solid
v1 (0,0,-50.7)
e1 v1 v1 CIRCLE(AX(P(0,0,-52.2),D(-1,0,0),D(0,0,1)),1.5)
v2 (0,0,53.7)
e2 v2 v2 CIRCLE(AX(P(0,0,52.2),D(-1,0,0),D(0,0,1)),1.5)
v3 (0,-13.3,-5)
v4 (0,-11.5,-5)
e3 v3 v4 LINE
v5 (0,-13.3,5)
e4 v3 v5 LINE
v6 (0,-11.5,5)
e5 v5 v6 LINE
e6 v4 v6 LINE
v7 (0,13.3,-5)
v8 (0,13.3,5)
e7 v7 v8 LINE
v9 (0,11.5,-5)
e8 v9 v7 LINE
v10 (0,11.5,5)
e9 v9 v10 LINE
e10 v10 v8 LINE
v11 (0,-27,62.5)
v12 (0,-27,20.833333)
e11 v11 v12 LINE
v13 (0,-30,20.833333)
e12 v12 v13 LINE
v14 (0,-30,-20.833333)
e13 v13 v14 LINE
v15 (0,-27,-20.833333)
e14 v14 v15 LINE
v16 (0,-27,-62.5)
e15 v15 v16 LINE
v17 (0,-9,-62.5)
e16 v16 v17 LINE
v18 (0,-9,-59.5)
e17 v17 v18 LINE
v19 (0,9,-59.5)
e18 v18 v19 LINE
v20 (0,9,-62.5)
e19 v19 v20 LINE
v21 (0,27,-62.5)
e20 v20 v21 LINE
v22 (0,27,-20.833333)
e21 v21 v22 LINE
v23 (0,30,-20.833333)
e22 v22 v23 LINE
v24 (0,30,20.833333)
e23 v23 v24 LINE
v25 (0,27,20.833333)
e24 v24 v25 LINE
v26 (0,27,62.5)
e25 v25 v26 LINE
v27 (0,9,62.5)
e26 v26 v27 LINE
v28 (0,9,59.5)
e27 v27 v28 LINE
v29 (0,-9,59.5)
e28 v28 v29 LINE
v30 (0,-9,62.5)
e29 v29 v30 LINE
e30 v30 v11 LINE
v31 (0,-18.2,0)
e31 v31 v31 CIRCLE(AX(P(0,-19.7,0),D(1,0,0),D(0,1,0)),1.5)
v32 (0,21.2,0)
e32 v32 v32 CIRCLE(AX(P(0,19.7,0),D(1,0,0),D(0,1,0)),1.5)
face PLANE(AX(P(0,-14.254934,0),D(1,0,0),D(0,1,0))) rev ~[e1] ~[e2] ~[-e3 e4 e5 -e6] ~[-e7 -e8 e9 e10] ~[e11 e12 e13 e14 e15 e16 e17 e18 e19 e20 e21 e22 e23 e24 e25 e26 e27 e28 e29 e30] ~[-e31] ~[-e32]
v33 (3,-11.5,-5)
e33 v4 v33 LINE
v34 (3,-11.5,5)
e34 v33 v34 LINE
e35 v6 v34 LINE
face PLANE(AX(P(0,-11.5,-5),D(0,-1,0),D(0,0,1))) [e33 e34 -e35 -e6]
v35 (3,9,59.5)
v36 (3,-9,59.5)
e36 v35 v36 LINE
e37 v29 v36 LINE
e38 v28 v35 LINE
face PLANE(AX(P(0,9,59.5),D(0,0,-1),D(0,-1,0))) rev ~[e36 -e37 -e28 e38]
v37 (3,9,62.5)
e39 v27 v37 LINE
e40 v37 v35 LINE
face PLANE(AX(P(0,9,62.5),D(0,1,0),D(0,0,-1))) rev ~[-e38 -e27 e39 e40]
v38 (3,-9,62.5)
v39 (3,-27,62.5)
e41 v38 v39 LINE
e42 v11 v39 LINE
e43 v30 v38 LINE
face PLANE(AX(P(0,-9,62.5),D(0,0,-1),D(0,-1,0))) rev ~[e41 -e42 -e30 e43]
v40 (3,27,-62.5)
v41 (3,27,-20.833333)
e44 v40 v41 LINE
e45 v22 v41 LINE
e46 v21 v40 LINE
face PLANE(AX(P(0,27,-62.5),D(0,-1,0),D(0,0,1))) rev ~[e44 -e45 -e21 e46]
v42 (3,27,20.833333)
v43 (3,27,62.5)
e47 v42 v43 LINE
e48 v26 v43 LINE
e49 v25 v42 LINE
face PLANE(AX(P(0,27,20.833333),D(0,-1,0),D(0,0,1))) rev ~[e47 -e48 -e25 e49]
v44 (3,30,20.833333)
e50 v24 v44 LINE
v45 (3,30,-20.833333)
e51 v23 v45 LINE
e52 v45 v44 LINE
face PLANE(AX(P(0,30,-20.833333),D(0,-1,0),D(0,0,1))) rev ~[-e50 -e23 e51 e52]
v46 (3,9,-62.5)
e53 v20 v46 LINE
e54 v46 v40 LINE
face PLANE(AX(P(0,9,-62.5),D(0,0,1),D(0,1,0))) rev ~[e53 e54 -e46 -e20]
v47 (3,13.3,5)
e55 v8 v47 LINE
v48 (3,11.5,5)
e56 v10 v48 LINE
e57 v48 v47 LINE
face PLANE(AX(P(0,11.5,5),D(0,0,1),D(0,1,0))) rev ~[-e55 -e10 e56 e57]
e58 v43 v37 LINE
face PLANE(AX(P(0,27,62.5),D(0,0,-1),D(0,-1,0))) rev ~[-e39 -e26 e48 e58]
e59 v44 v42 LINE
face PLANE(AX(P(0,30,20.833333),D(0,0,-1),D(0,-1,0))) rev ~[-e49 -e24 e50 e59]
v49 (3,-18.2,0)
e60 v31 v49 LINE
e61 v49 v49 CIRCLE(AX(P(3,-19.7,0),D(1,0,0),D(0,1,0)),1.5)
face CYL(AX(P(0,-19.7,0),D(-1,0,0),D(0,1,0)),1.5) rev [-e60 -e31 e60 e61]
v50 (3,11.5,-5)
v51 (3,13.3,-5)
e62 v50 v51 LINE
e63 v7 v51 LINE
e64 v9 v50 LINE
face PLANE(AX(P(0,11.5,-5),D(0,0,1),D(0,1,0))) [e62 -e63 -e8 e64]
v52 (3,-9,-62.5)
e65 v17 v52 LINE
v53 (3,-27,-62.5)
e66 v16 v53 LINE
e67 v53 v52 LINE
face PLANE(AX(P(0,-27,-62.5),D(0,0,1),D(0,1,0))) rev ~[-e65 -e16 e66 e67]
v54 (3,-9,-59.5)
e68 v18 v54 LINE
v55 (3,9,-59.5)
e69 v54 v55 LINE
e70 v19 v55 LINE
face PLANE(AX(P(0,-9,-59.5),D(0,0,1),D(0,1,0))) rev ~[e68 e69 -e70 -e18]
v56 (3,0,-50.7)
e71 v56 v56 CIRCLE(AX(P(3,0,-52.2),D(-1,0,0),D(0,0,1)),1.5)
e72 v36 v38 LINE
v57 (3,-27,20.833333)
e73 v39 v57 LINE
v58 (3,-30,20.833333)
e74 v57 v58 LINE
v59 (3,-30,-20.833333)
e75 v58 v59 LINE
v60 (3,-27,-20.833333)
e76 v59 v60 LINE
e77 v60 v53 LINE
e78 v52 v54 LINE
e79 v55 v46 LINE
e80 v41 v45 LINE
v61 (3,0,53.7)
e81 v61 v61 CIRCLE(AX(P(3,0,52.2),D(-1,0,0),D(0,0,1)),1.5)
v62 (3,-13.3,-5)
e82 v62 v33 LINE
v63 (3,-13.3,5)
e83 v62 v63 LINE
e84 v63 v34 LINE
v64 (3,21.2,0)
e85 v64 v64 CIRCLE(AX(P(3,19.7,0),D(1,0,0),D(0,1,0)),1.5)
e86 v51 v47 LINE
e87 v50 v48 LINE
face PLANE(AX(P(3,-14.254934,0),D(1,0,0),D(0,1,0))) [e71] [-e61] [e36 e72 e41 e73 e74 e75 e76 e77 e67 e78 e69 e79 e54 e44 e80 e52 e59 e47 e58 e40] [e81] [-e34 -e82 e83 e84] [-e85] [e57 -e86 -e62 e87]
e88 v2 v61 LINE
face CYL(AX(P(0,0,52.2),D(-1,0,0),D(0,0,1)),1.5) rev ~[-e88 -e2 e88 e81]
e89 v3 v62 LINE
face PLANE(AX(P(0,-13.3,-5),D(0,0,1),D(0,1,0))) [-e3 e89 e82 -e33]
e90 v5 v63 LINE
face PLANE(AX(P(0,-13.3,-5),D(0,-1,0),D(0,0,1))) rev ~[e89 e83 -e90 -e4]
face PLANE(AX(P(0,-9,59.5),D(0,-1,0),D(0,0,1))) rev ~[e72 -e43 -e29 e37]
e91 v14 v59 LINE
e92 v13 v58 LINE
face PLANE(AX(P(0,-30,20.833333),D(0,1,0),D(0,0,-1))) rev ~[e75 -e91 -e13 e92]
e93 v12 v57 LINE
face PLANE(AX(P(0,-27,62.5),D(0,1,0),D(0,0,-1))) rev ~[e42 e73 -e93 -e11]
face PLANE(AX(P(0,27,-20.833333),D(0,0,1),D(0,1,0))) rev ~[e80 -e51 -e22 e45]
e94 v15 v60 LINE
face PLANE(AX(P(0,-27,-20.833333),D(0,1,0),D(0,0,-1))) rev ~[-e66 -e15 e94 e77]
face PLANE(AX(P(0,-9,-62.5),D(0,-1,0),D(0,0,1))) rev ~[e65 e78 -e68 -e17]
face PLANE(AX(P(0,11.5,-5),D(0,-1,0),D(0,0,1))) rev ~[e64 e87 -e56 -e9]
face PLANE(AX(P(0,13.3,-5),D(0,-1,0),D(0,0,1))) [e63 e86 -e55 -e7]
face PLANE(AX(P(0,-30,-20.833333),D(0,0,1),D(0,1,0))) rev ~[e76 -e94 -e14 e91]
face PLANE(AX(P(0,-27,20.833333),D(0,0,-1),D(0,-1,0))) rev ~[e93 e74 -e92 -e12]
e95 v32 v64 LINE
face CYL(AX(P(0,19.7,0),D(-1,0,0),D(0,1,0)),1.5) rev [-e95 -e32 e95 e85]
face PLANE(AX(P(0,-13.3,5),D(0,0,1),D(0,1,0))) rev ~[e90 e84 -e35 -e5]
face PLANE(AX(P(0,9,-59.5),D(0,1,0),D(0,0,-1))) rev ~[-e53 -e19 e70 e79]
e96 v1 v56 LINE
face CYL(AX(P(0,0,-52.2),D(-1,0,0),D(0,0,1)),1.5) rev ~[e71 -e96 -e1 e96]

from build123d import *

# Parameters (mm, degrees)
F0_R     = 1.5
F0_W     = 1.8
F0_H     = 10
F1_DEPTH = 3


with BuildPart() as f1:
    # F0 (on Right) → F1 (new body)
    with BuildSketch(Plane.YZ):
        with BuildLine():
            Line((-27, 20.833333), (-30, 20.833333))
            Line((-30, 20.833333), (-30, -20.833333))
            Line((-30, -20.833333), (-27, -20.833333))
            Line((-27, -20.833333), (-27, -62.5))
            Line((-27, -62.5), (-18, -62.5))
            Line((-18, -62.5), (-9, -62.5))
            Line((-9, -62.5), (-9, -59.5))
            Line((-9, -59.5), (0, -59.5))
            Line((0, -59.5), (0, -53.7))
            ThreePointArc((0, -53.7), (-1.5, -52.2), (0, -50.7))
            Line((0, -50.7), (0, 50.7))
            ThreePointArc((0, 50.7), (-1.5, 52.2), (0, 53.7))
            Line((0, 53.7), (0, 59.5))
            Line((0, 59.5), (-9, 59.5))
            Line((-9, 59.5), (-9, 62.5))
            Line((-9, 62.5), (-18, 62.5))
            Line((-18, 62.5), (-27, 62.5))
            Line((-27, 62.5), (-27, 20.833333))
        make_face()
        with Locations((-19.7, 0)):
            Circle(F0_R, mode=Mode.SUBTRACT)
        with Locations((-12.4, 0)):
            Rectangle(F0_W, F0_H, mode=Mode.SUBTRACT)
        with BuildLine():
            Line((9, 59.5), (0, 59.5))
            Line((0, 59.5), (0, 53.7))
            ThreePointArc((0, 53.7), (1.5, 52.2), (0, 50.7))
            Line((0, 50.7), (0, -50.7))
            ThreePointArc((0, -50.7), (1.5, -52.2), (0, -53.7))
            Line((0, -53.7), (0, -59.5))
            Line((0, -59.5), (9, -59.5))
            Line((9, -59.5), (9, -62.5))
            Line((9, -62.5), (18, -62.5))
            Line((18, -62.5), (27, -62.5))
            Line((27, -62.5), (27, -20.833333))
            Line((27, -20.833333), (30, -20.833333))
            Line((30, -20.833333), (30, 20.833333))
            Line((30, 20.833333), (27, 20.833333))
            Line((27, 20.833333), (27, 62.5))
            Line((27, 62.5), (18, 62.5))
            Line((18, 62.5), (9, 62.5))
            Line((9, 62.5), (9, 59.5))
        make_face()
        with Locations((12.4, 0)):
            Rectangle(F0_W, F0_H, mode=Mode.SUBTRACT)
        with Locations((19.7, 0)):
            Circle(F0_R, mode=Mode.SUBTRACT)
    extrude(amount=F1_DEPTH)


solid = f1.part
